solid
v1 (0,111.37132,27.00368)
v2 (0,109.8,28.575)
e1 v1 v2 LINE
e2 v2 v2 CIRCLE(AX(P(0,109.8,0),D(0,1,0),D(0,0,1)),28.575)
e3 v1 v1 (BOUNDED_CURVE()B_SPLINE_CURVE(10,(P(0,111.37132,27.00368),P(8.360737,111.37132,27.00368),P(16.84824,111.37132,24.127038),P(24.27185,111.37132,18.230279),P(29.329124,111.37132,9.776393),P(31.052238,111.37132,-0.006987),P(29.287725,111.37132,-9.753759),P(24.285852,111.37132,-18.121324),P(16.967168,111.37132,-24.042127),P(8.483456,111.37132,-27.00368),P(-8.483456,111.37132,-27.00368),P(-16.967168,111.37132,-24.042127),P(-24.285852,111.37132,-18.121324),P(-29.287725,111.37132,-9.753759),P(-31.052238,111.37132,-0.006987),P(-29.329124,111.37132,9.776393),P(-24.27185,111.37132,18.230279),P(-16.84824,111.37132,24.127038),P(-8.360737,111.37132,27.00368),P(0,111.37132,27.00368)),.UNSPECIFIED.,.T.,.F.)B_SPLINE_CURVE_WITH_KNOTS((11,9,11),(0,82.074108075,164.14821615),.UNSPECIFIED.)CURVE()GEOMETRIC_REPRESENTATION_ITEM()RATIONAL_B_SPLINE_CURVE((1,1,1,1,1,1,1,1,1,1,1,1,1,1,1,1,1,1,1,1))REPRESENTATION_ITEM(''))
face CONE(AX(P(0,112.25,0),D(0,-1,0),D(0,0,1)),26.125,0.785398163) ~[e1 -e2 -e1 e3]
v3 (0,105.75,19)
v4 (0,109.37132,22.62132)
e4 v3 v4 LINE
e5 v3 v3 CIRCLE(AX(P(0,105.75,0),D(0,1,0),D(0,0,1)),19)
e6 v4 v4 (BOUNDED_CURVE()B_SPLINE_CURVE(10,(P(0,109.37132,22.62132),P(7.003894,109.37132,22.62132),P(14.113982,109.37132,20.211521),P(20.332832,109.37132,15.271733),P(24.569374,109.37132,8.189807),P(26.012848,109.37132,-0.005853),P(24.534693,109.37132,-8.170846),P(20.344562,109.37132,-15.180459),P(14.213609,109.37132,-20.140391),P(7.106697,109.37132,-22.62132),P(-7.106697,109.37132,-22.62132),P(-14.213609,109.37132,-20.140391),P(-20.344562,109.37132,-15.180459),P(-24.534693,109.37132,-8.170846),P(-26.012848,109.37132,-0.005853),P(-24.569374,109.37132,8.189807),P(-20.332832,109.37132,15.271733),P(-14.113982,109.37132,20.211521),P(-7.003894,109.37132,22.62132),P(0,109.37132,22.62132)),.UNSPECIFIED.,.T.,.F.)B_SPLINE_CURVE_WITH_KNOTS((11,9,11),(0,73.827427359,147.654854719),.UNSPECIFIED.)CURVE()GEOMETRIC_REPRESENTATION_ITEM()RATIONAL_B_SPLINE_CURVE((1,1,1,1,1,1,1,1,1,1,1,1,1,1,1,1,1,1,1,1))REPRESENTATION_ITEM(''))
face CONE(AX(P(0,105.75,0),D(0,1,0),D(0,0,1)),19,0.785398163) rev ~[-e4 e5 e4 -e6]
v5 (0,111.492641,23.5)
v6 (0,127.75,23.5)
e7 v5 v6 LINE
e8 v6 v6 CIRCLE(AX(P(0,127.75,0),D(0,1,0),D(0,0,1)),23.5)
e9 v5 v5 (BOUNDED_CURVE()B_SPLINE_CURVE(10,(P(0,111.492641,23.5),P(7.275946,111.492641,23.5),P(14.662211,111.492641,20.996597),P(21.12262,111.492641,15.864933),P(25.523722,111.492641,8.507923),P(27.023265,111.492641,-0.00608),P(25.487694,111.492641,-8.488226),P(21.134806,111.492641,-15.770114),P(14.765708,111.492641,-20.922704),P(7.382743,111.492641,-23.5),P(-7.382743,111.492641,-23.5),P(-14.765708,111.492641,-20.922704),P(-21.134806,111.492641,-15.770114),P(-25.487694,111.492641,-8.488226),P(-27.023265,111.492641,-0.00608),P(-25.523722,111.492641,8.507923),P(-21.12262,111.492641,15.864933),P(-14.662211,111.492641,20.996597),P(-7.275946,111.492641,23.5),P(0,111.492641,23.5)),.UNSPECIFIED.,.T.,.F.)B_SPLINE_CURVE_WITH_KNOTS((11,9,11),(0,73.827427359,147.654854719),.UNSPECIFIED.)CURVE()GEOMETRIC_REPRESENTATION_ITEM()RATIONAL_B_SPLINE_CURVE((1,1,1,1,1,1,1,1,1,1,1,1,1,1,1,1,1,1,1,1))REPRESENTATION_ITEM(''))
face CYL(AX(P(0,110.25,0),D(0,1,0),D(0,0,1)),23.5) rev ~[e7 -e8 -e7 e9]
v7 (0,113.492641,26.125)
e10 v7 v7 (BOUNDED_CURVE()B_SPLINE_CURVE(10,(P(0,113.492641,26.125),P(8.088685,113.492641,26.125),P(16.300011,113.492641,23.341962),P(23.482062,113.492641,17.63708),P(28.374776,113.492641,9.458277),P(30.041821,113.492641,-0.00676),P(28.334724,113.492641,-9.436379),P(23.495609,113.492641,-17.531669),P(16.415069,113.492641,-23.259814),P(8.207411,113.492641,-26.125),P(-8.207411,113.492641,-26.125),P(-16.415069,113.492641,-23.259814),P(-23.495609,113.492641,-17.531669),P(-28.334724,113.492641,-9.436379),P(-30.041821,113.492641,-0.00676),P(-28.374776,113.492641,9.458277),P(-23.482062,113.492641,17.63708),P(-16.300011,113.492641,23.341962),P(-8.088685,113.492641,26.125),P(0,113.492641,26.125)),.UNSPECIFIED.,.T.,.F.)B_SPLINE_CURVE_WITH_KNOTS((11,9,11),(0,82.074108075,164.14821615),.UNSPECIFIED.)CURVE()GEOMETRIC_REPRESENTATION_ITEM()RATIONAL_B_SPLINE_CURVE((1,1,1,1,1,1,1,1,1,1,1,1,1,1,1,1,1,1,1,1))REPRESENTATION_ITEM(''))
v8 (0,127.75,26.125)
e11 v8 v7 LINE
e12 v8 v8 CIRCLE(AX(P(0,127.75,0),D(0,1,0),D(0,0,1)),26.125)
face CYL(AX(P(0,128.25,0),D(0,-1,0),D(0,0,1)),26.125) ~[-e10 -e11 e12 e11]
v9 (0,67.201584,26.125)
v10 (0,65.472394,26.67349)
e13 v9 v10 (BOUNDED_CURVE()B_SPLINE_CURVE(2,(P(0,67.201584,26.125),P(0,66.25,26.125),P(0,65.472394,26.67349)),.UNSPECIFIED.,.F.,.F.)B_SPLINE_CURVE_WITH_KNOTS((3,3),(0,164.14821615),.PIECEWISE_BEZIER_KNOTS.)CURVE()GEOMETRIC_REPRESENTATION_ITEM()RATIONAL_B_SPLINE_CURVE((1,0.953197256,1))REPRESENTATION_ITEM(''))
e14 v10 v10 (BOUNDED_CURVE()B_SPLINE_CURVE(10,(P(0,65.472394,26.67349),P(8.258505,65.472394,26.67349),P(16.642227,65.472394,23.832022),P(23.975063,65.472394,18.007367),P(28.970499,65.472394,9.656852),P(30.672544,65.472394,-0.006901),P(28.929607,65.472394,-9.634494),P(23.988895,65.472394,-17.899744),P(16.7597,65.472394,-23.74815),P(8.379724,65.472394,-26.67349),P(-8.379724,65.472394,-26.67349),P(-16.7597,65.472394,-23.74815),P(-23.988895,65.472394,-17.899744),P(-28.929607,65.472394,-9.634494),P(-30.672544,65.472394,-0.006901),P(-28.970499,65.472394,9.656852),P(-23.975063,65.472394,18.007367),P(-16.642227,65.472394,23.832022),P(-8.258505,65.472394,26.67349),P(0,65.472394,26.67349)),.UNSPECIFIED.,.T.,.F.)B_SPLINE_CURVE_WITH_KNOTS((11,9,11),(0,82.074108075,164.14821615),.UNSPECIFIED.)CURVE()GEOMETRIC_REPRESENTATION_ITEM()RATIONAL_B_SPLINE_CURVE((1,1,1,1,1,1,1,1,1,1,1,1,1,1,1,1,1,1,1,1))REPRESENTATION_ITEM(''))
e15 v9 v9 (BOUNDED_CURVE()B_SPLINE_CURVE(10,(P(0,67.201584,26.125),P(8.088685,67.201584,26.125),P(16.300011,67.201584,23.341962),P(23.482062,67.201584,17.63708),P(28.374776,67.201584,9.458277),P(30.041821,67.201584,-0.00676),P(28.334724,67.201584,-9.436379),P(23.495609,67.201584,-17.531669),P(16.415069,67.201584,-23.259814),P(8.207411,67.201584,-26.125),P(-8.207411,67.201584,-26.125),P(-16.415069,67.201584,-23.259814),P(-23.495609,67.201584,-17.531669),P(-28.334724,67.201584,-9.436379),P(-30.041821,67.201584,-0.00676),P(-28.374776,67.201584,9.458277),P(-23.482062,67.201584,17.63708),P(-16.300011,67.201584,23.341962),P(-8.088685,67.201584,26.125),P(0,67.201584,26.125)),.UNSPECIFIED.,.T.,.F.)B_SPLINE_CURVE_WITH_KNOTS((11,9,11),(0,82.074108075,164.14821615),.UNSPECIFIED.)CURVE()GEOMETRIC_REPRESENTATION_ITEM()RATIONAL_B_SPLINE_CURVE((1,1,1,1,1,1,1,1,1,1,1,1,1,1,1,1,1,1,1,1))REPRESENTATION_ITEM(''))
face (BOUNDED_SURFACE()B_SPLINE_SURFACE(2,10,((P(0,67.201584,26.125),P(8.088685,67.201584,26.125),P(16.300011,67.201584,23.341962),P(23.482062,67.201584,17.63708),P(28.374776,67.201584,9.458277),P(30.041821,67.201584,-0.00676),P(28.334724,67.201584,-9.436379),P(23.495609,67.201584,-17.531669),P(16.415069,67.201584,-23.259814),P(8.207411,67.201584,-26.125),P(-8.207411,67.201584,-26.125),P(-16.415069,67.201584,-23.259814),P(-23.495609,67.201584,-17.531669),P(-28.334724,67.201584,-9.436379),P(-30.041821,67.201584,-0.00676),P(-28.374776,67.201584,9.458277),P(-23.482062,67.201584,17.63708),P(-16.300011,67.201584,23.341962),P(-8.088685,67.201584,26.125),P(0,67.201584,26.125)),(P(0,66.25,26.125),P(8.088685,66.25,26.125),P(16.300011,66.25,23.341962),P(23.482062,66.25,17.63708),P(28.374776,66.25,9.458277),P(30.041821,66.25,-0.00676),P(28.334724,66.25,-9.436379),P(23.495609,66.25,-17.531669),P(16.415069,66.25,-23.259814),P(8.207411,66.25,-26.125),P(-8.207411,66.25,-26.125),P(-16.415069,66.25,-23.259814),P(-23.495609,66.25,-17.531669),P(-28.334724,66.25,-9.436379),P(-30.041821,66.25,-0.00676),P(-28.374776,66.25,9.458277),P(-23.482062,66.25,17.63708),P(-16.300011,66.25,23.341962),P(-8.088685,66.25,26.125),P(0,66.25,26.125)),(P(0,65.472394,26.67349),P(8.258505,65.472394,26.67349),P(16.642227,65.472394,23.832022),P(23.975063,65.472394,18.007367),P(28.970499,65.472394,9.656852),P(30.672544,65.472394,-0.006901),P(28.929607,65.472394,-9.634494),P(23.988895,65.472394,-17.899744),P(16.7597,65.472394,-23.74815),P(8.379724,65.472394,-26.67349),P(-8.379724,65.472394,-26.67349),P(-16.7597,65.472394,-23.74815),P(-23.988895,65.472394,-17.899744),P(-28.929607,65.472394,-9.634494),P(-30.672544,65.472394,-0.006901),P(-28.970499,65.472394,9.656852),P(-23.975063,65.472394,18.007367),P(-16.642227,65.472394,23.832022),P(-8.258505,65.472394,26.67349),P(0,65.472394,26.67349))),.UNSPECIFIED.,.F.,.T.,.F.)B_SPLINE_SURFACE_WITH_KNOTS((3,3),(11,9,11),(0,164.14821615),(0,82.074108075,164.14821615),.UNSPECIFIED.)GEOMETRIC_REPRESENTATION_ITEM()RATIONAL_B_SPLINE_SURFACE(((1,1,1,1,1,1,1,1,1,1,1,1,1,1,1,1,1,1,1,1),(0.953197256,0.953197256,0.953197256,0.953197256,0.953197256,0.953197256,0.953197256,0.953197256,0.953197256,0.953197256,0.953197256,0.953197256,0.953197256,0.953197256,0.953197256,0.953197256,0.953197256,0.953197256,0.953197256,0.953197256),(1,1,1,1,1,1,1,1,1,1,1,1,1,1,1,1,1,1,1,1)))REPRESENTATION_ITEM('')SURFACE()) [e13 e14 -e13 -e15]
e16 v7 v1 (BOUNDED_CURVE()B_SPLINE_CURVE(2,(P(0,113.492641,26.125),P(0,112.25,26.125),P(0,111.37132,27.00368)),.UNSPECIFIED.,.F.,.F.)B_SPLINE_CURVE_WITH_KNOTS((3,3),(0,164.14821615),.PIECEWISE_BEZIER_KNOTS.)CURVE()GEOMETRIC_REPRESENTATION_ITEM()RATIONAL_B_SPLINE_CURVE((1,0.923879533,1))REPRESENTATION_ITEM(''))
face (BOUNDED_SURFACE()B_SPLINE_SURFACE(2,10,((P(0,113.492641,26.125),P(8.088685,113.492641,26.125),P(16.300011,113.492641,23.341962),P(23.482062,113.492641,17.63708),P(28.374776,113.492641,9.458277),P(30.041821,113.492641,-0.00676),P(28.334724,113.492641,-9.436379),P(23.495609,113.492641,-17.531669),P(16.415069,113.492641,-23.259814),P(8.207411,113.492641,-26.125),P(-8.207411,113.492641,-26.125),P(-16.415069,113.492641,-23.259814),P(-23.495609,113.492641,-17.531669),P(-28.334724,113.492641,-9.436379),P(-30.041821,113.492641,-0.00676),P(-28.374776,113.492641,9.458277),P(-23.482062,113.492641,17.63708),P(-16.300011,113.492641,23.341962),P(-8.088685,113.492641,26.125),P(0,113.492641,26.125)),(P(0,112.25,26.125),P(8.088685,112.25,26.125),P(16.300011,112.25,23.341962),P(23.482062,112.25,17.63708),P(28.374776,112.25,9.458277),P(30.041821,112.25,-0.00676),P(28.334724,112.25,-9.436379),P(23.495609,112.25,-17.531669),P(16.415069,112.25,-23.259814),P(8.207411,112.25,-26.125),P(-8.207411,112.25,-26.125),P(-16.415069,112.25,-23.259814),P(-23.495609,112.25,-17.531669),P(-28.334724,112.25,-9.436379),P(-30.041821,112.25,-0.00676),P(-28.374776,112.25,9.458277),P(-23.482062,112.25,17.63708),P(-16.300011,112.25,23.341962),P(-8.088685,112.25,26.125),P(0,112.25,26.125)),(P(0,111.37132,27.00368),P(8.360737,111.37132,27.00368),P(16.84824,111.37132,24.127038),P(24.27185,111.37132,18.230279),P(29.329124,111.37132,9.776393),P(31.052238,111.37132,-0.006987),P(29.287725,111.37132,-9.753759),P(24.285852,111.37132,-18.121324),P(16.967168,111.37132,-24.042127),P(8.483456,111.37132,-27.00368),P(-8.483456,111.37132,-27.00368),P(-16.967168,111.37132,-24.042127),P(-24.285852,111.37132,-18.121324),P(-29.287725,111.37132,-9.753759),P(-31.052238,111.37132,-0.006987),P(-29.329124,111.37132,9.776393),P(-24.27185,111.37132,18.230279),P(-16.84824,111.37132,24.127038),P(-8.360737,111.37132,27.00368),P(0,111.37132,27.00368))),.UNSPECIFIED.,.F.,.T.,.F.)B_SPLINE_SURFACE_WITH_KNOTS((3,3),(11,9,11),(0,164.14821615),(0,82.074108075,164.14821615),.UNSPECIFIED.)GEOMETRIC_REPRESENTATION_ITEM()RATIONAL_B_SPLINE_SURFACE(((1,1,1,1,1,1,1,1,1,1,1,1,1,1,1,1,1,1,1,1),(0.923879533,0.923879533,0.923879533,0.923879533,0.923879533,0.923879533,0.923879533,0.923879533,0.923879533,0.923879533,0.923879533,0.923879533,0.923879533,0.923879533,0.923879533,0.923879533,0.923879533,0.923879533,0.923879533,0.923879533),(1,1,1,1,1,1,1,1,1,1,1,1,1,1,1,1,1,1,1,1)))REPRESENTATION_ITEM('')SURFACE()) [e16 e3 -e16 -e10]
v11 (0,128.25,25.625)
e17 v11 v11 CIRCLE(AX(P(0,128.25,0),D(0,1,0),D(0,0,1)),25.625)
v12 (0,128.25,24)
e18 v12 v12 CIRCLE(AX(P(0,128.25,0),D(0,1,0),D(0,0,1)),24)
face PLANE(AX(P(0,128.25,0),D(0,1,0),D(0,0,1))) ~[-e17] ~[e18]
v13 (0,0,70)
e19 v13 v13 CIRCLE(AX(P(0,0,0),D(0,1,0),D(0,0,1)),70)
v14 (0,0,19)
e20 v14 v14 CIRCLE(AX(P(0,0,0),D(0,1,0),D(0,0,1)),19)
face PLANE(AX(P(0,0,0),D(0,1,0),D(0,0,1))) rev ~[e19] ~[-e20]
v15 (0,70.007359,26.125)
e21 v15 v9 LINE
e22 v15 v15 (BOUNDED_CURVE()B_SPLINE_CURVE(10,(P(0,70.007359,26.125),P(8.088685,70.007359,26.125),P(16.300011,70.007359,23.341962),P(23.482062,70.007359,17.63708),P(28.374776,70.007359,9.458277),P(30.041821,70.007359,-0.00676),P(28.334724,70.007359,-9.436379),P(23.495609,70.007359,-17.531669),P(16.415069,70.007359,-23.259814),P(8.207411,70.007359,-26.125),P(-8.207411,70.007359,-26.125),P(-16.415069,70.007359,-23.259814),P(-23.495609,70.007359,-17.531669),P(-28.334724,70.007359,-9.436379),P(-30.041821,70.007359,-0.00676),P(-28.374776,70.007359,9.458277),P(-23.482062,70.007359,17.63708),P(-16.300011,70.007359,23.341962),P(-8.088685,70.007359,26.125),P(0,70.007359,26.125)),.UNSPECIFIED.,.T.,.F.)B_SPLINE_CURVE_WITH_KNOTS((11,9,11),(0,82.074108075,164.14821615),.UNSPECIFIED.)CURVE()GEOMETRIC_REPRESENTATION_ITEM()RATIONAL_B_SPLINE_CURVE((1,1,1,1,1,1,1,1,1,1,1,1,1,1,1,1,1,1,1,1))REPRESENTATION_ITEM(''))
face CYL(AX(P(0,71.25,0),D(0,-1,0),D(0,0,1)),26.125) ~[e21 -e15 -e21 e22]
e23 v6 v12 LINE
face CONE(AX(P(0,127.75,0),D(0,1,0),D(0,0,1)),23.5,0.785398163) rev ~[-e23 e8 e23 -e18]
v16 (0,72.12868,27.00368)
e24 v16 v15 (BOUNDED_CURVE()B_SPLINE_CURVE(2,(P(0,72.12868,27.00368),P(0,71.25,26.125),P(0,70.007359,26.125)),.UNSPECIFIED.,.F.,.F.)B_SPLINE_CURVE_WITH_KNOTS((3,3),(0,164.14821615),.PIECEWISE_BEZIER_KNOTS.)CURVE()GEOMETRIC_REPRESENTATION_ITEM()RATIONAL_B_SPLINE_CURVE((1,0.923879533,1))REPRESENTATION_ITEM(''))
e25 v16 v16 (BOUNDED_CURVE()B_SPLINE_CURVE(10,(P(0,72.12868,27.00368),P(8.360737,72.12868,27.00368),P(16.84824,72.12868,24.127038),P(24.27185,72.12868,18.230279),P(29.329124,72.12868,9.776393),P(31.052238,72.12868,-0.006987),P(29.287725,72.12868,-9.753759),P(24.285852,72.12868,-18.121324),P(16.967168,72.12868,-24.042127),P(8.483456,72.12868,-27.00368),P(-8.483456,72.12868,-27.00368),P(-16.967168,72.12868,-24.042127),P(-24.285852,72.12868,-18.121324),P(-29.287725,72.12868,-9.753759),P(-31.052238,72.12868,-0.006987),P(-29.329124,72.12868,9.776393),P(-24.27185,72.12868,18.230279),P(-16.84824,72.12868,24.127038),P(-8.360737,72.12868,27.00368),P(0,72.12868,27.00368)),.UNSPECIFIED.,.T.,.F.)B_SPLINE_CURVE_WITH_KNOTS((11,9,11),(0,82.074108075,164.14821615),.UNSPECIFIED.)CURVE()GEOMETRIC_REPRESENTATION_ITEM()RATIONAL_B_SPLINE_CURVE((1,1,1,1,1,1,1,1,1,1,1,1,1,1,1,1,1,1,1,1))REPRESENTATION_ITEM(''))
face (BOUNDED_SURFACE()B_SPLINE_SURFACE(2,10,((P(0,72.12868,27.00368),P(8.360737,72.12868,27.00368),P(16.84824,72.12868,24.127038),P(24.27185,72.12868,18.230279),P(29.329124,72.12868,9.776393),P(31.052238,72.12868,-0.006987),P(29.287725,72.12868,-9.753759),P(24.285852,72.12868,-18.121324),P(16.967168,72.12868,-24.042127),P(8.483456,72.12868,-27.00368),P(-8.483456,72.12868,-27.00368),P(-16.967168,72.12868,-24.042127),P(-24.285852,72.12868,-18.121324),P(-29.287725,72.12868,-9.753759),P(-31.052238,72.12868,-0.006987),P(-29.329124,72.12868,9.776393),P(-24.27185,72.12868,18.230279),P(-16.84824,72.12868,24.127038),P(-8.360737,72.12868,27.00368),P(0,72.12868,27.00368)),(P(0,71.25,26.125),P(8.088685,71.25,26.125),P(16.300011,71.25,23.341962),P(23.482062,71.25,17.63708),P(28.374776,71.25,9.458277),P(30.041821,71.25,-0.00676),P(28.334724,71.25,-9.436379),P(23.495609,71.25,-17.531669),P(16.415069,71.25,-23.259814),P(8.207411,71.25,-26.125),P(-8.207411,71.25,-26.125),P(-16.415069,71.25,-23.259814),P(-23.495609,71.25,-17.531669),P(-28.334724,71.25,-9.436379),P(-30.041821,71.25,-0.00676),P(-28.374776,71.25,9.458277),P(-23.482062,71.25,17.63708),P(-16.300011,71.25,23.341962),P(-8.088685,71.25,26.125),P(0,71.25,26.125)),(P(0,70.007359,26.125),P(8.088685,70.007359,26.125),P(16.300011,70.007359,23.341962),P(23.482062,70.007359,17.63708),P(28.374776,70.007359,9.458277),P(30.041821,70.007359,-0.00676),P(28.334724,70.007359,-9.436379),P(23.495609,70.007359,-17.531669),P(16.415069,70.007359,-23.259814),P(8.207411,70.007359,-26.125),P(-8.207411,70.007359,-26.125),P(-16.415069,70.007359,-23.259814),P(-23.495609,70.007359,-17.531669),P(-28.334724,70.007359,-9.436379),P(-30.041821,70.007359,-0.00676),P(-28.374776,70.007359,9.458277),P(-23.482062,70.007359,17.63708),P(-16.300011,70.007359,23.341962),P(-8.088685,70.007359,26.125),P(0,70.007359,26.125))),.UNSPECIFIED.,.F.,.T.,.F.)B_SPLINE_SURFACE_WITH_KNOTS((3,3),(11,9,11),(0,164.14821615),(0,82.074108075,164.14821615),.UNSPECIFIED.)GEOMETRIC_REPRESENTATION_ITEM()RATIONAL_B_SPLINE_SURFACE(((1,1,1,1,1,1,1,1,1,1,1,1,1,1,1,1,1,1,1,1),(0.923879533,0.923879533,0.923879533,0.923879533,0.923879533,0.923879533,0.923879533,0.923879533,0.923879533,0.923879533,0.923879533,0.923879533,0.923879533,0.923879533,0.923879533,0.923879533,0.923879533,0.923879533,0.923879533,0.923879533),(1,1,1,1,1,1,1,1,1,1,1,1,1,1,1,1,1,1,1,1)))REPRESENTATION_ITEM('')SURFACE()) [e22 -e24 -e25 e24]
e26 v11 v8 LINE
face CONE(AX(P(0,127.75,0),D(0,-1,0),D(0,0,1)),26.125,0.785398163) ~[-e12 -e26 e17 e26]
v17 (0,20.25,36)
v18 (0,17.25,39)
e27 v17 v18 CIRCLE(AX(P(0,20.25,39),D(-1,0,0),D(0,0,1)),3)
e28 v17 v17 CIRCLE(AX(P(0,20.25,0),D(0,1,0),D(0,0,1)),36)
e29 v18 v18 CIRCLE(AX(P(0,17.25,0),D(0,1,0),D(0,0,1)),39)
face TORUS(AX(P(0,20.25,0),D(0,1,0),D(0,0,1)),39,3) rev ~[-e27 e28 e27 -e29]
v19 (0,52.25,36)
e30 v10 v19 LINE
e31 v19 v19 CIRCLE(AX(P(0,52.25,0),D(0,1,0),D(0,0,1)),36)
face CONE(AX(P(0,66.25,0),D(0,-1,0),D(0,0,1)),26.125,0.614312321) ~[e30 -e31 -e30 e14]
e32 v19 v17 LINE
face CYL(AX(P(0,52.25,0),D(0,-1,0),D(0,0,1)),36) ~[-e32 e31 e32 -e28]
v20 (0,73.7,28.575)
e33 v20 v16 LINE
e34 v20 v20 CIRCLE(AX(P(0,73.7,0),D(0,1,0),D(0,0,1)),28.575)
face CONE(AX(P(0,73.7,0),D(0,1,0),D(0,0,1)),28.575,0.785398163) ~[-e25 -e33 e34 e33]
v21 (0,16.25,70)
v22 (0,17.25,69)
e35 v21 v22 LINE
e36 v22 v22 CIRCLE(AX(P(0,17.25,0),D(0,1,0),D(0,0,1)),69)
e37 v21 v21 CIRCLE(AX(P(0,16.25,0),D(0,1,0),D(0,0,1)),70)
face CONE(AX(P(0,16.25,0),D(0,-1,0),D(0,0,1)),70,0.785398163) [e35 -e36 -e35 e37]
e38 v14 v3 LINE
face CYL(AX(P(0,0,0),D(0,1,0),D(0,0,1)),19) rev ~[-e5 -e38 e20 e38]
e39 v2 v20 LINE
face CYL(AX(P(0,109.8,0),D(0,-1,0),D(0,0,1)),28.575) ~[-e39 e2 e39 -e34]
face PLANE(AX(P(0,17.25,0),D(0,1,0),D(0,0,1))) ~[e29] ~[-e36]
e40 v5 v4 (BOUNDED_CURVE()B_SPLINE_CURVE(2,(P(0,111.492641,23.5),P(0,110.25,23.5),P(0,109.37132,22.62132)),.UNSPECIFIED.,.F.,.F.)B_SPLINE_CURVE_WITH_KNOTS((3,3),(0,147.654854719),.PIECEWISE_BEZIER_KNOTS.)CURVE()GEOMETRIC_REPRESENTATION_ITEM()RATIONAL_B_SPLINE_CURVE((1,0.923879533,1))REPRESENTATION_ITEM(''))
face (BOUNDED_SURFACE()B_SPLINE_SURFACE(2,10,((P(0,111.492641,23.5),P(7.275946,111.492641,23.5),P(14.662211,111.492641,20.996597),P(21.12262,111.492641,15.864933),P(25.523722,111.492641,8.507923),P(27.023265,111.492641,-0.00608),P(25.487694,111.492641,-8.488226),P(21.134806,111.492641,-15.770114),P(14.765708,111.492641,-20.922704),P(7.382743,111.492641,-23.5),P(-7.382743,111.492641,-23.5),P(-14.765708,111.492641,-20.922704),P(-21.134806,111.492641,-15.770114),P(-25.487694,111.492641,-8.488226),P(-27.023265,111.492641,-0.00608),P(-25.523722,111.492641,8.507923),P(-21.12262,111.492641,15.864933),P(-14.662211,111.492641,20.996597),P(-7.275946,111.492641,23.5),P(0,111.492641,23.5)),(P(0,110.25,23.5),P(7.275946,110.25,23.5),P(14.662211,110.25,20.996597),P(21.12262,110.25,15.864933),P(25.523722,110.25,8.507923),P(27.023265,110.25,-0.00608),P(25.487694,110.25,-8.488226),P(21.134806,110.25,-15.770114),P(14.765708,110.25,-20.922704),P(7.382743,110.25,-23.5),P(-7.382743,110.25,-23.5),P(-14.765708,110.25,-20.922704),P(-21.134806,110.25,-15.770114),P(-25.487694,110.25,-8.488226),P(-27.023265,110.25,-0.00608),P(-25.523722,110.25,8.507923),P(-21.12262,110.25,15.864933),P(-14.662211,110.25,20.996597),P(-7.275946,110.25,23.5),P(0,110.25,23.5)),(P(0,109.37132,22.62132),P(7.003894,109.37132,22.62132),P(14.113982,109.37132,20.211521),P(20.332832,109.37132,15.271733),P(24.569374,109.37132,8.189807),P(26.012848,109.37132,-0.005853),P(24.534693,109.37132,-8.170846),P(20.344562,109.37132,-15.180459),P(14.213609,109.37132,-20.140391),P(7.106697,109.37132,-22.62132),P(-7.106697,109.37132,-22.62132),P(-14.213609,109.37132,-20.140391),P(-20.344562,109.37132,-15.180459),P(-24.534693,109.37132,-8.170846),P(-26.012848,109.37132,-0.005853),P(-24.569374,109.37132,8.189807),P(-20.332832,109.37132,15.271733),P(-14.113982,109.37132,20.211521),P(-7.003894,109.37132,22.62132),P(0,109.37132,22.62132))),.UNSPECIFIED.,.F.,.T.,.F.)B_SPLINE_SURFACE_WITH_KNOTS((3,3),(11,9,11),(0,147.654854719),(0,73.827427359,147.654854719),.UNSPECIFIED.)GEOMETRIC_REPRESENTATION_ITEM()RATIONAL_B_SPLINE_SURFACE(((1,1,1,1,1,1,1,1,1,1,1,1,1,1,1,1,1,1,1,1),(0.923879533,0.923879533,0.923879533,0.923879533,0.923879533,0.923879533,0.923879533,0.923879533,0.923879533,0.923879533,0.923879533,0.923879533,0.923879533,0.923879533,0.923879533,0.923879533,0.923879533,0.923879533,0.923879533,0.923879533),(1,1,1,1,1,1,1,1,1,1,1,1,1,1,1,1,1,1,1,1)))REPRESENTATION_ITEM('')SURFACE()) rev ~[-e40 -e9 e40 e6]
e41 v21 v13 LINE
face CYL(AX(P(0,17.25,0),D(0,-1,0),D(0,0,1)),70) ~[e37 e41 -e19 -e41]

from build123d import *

# Parameters (mm, degrees)
F2_R    = 3
F3_R    = 3
F4_SIZE = 1
F5_SIZE = 0.5


with BuildPart() as f1:
    # F0 (on Right) → F1 (revolve)
    with BuildSketch(Plane.YZ):
        Polygon((0, 70), (0, 19), (105.75, 19), (110.25, 23.5), (128.25, 23.5), (128.25, 26.125), (112.25, 26.125), (109.8, 28.575), (73.7, 28.575), (71.25, 26.125), (66.25, 26.125), (52.25, 36), (17.25, 36), (17.25, 70), align=None)
    revolve(axis=Axis((0, 37.063913, 0), (0, 1, 0)))

    # F2
    f2_edges = [f1.edges().sort_by_distance(p)[0] for p in [
        (0, 17.25, -36),
        (0, 66.25, -26.125),
        (0, 71.25, -26.125),
        (0, 112.25, -26.125),
    ]]
    fillet(f2_edges, radius=F2_R)

    # F3
    f3_edges = [f1.edges().sort_by_distance(p)[0] for p in [
        (0, 110.25, -23.5),
    ]]
    fillet(f3_edges, radius=F3_R)

    # F4
    f4_edges = [f1.edges().sort_by_distance(p)[0] for p in [
        (0, 17.25, -70),
    ]]
    chamfer(f4_edges, length=F4_SIZE)

    # F5
    f5_edges = [f1.edges().sort_by_distance(p)[0] for p in [
        (0, 128.25, -26.125),
        (0, 128.25, -23.5),
    ]]
    chamfer(f5_edges, length=F5_SIZE)


solid = f1.part
